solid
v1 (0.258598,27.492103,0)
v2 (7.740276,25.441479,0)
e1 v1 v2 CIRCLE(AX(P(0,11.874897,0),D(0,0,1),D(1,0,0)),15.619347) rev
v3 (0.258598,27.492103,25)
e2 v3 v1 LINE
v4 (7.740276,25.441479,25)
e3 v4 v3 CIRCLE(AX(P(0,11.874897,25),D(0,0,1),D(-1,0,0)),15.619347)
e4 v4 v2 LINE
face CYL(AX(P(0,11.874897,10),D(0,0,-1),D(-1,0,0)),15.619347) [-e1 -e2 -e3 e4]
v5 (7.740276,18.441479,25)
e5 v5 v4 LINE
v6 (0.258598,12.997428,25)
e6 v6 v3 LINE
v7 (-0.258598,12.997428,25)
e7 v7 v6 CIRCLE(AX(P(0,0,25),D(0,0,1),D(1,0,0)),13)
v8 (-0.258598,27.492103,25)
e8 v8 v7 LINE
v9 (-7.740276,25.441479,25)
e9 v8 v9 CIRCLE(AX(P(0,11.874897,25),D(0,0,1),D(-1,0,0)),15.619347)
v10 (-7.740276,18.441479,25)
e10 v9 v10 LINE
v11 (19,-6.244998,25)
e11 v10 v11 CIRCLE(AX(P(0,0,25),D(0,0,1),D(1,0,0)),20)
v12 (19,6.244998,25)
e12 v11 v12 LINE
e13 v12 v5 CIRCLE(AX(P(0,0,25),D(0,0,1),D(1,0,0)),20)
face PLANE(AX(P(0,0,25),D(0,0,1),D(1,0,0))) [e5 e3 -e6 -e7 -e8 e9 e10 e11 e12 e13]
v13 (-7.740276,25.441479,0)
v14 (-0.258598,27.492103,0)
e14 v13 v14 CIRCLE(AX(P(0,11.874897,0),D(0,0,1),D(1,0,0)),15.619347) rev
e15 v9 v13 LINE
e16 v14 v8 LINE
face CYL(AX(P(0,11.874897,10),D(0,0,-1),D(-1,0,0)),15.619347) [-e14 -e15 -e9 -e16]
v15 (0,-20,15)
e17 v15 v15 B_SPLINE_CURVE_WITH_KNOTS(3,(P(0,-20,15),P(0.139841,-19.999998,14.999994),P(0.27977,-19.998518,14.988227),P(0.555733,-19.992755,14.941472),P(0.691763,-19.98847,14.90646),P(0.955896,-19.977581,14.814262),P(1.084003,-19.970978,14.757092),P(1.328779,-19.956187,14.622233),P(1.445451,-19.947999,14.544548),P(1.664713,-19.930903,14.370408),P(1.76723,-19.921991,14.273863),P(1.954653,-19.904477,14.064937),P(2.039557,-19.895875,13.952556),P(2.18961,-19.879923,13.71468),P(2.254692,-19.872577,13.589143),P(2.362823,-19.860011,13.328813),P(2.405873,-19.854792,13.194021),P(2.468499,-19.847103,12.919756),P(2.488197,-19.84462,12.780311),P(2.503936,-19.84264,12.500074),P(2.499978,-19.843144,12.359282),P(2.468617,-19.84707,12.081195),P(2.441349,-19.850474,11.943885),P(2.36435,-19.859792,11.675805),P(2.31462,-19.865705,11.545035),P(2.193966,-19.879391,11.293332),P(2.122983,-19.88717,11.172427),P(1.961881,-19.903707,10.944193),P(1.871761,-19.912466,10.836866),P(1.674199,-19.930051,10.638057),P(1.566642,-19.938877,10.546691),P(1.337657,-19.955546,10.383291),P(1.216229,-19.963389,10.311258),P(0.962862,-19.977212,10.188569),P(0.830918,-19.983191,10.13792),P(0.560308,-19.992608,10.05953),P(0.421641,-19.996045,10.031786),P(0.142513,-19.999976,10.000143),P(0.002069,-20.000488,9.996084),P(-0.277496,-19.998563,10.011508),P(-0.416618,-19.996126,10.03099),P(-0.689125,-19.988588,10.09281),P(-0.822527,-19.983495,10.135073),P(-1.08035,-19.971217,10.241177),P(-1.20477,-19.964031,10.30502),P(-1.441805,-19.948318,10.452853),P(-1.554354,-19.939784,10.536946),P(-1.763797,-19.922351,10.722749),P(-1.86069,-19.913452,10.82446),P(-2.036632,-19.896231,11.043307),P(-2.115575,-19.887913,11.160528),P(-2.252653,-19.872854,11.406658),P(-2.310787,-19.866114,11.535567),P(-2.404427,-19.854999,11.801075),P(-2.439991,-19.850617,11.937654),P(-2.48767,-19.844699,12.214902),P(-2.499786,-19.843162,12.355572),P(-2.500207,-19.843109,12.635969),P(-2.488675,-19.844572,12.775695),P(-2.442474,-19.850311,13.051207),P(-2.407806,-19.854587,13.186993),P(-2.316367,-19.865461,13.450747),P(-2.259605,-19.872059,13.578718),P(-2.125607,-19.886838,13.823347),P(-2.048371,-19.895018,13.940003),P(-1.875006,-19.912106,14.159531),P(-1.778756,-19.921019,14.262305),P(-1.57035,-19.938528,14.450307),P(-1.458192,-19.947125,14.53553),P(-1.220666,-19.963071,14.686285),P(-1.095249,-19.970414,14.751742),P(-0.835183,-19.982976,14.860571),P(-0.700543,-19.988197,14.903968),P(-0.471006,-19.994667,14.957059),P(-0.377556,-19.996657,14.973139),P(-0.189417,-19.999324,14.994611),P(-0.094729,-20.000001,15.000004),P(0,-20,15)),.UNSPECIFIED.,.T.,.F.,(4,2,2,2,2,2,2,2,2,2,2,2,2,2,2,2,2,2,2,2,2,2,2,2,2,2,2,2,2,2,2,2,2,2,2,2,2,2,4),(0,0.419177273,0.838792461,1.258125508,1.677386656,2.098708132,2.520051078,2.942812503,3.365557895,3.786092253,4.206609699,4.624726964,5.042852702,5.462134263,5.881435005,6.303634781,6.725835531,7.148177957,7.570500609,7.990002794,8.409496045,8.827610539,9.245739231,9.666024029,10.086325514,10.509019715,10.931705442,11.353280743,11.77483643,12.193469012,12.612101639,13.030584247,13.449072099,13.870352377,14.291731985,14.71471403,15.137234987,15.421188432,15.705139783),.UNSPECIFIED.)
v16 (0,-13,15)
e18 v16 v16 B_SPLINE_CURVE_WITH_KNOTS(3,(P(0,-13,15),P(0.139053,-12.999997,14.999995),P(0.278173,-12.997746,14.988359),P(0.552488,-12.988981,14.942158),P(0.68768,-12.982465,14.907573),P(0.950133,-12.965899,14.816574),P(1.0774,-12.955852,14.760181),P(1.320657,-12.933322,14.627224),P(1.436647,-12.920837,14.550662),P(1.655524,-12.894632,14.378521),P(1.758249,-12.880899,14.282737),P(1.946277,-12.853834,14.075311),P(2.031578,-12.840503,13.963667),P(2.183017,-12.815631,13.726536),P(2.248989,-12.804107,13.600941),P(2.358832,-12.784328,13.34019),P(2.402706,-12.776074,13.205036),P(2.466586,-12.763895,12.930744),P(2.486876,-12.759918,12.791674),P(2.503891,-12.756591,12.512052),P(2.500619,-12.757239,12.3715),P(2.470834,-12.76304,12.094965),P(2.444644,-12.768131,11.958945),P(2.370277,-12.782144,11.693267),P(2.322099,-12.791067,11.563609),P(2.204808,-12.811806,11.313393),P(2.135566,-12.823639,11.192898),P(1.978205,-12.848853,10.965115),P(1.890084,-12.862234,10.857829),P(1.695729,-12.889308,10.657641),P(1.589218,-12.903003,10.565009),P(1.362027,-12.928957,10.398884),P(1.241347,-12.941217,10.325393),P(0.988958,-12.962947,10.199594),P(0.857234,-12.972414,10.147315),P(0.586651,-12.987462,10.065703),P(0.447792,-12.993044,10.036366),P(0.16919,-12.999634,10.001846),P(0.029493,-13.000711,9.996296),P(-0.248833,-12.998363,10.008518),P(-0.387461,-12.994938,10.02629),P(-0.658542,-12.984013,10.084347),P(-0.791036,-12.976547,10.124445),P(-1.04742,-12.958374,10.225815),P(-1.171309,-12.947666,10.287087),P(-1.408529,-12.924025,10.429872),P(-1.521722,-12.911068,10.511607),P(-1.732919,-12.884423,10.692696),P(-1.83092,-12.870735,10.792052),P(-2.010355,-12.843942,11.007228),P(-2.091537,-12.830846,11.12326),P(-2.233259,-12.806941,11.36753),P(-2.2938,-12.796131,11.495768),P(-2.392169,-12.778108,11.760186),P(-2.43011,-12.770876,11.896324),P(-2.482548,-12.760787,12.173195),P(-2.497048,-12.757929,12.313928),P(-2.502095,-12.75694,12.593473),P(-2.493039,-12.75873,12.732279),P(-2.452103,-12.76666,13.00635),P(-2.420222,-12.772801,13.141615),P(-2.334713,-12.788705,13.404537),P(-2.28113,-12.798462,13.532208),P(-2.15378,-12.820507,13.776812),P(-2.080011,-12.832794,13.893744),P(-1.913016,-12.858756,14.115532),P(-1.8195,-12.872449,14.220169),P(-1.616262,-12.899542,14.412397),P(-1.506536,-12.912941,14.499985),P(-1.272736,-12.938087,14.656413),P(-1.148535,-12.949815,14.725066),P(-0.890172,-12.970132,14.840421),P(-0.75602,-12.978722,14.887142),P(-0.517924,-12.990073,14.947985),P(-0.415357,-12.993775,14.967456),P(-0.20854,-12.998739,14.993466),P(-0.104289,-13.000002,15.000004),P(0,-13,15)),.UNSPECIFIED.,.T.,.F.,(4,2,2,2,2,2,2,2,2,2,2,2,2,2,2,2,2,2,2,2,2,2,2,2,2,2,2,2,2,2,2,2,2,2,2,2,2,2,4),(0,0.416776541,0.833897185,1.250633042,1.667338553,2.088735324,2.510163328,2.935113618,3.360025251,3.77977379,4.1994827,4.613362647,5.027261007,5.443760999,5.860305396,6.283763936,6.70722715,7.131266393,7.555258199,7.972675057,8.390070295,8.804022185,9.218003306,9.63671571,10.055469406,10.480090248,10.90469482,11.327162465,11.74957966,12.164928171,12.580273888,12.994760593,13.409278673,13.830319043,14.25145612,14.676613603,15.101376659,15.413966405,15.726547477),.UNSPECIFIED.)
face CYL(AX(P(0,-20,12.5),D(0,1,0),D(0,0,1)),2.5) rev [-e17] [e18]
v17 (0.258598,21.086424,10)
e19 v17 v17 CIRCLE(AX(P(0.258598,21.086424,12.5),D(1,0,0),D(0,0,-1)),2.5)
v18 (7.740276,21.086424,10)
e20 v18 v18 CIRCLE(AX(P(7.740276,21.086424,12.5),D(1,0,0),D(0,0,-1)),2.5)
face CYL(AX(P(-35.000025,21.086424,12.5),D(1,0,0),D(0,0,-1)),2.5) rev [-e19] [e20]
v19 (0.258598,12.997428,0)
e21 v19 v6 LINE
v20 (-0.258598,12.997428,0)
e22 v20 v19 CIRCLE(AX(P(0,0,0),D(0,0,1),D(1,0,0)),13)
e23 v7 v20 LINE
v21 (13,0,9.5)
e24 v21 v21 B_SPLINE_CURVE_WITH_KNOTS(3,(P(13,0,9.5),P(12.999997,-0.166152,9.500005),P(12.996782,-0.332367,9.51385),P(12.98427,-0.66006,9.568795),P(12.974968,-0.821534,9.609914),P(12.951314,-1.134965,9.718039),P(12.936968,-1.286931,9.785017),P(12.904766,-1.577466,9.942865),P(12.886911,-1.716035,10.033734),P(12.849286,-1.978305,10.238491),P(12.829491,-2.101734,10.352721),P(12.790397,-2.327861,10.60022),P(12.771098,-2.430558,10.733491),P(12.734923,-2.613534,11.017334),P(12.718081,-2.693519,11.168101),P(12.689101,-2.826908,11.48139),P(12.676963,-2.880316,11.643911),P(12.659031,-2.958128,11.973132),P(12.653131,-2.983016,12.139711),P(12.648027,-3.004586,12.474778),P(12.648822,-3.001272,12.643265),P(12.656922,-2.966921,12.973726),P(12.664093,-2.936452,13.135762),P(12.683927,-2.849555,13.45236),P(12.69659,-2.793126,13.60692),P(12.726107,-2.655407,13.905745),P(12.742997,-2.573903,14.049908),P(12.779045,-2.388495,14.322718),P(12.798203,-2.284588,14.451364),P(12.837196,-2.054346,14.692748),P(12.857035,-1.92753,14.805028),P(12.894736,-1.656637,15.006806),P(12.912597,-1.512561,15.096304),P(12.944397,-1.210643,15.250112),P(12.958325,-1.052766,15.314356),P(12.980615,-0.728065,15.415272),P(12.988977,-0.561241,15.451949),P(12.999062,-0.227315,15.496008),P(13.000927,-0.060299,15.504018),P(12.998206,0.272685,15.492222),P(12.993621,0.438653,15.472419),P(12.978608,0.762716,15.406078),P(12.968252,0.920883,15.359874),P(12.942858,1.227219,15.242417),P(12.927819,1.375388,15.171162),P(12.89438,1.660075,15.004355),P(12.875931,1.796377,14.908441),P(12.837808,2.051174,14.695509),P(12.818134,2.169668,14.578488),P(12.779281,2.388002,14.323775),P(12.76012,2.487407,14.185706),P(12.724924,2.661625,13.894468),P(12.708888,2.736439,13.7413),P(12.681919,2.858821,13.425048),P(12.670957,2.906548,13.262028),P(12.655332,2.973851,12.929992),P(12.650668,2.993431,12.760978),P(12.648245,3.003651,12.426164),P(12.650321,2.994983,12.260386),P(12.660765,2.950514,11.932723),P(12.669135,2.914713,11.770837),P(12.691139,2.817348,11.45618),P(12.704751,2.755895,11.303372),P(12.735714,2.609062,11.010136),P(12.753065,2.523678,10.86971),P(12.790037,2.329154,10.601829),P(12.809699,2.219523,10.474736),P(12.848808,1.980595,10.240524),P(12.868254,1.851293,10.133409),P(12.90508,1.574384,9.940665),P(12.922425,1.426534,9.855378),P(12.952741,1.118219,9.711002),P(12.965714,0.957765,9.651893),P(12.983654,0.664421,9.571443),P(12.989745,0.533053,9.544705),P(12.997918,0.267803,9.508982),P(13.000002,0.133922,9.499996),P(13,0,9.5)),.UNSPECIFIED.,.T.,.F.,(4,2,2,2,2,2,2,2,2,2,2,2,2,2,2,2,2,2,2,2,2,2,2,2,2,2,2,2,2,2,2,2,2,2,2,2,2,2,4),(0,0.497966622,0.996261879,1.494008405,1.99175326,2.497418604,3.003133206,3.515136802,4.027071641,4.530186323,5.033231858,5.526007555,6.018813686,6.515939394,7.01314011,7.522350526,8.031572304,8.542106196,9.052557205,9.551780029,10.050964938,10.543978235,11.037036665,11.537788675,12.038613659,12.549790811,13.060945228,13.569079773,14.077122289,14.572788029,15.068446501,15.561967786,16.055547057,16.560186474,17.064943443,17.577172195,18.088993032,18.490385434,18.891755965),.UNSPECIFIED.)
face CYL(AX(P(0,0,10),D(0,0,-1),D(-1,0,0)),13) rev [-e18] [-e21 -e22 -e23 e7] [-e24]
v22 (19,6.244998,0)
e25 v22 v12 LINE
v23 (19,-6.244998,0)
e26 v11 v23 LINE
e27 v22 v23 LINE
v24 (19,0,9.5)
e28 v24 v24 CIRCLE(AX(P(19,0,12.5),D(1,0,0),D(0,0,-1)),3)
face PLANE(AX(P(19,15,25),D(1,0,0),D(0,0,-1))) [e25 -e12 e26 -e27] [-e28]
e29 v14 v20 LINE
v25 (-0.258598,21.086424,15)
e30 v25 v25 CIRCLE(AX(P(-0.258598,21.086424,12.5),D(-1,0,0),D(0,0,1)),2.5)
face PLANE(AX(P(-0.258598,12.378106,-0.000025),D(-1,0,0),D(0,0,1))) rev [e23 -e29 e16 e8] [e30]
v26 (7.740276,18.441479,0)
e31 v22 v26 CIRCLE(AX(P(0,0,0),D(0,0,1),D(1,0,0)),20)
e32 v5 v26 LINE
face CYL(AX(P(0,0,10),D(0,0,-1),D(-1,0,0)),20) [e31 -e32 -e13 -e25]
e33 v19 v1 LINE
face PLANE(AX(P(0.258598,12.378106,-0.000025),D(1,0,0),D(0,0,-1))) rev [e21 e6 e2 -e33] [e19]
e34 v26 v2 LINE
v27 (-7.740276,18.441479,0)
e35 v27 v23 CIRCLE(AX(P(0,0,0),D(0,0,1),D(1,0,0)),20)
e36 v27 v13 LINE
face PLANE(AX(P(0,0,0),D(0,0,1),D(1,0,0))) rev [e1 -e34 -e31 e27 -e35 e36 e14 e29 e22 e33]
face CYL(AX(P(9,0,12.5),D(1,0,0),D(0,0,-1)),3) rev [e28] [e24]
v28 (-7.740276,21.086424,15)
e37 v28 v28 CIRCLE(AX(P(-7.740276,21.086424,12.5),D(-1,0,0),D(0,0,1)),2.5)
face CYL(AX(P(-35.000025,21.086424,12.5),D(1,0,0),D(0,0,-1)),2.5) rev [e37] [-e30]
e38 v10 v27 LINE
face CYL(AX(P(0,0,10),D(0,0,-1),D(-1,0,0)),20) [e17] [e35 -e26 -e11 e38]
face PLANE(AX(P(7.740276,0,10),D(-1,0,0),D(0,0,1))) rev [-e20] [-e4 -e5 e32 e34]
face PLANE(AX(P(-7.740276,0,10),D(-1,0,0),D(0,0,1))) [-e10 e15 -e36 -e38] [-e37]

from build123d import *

# Parameters (mm, degrees)
SKETCH_1_R          = 3.5
SKETCH_1_R_2        = 13
EXTRUDE_2_DEPTH     = 10
SKETCH_2_R          = 13
EXTRUDE_3_DEPTH     = 15
SKETCH_3_W          = 0.517195108
SKETCH_3_H          = 18.726193104
CUT_EXTRUDE_1_DEPTH = 26
SKETCH_4_R          = 2.5
CUT_EXTRUDE_2_DEPTH = 43.740275714
CUT_EXTRUDE_3_DEPTH = 11
SKETCH_6_R          = 2.5
CUT_EXTRUDE_4_DEPTH = 21
SKETCH_8_W          = 5
SKETCH_8_H          = 30
CUT_EXTRUDE_5_DEPTH = 26.0000001
SKETCH_9_R          = 3
CUT_EXTRUDE_6_DEPTH = 10


with BuildPart() as part:
    # 草图1 → 凸台-拉伸2 (new body)
    with BuildSketch(Plane.XY):
        with BuildLine():
            Line((-35, -7), (-7.740275714, -18.44147857))
            ThreePointArc((-7.740275714, -18.44147857), (0, -20), (7.740275714, -18.44147857))
            Line((7.740275714, -18.44147857), (35, -7))
            Line((35, -7), (35, 7))
            Line((35, 7), (7.740275714, 18.44147857))
            Line((7.740275714, 18.44147857), (7.740275714, 25.44147857))
            ThreePointArc((7.740275714, 25.44147857), (0, 27.494244152), (-7.740275714, 25.44147857))
            Line((-7.740275714, 25.44147857), (-7.740275714, 18.44147857))
            Line((-7.740275714, 18.44147857), (-35, 7))
            Line((-35, 7), (-35, -7))
        make_face()
        with Locations((-28, 0)):
            Circle(SKETCH_1_R, mode=Mode.SUBTRACT)
        Circle(SKETCH_1_R_2, mode=Mode.SUBTRACT)
        with Locations((28, 0)):
            Circle(SKETCH_1_R, mode=Mode.SUBTRACT)
    extrude(amount=EXTRUDE_2_DEPTH)

    # 草图2 → 凸台-拉伸3 (add)
    with BuildSketch(Plane.XY.offset(10)):
        with BuildLine():
            Line((-7.740275714, 18.44147857), (-7.740275714, 25.44147857))
            ThreePointArc((-7.740275714, 25.44147857), (0, 27.494244152), (7.740275714, 25.44147857))
            Line((7.740275714, 25.44147857), (7.740275714, 18.44147857))
            ThreePointArc((7.740275714, 18.44147857), (0, -20), (-7.740275714, 18.44147857))
        make_face()
        Circle(SKETCH_2_R, mode=Mode.SUBTRACT)
    extrude(amount=EXTRUDE_3_DEPTH)

    # 草图3 → 切除-拉伸1 (cut, through all)
    with BuildSketch(Plane.XY.offset(25)):
        with Locations((0, 21.741202931)):
            Rectangle(SKETCH_3_W, SKETCH_3_H)
    extrude(amount=-CUT_EXTRUDE_1_DEPTH, mode=Mode.SUBTRACT)

    # 草图4 → 切除-拉伸2 (cut, through all)
    with BuildSketch(Plane(origin=(7.740275714, 0, 0), x_dir=(0, 0, -1), z_dir=(1, 0, 0))):
        with Locations((-12.5, 21.086423576)):
            Circle(SKETCH_4_R)
    extrude(amount=-CUT_EXTRUDE_2_DEPTH, mode=Mode.SUBTRACT)

    # 草图5 → 切除-拉伸3 (cut, through all)
    with BuildSketch(Plane.XY.offset(10)):
        with BuildLine():
            Line((-7.740275714, 18.44147857), (-35, 7))
            Line((-35, 7), (-35, -7))
            Line((-35, -7), (-7.740275714, -18.44147857))
            ThreePointArc((-7.740275714, -18.44147857), (-20, 0), (-7.740275714, 18.44147857))
        make_face()
        with BuildLine():
            Line((7.740275714, 18.44147857), (35, 7))
            Line((35, 7), (35, -7))
            Line((35, -7), (7.740275714, -18.44147857))
            ThreePointArc((7.740275714, -18.44147857), (20, 0), (7.740275714, 18.44147857))
        make_face()
    extrude(amount=-CUT_EXTRUDE_3_DEPTH, mode=Mode.SUBTRACT)

    # 草图6 → 切除-拉伸4 (cut, through all)
    with BuildSketch(Plane(origin=(0, 0, 0), x_dir=(1, 0, 0), z_dir=(0, 1, 0))):
        with Locations((0, -12.5)):
            Circle(SKETCH_6_R)
    extrude(amount=-CUT_EXTRUDE_4_DEPTH, mode=Mode.SUBTRACT)

    # 草图8 → 切除-拉伸5 (cut, through all)
    with BuildSketch(Plane.XY):
        with Locations((21.5, 0)):
            Rectangle(SKETCH_8_W, SKETCH_8_H)
    extrude(amount=CUT_EXTRUDE_5_DEPTH, mode=Mode.SUBTRACT)

    # 草图9 → 切除-拉伸6 (cut)
    with BuildSketch(Plane(origin=(19, 0, 0), x_dir=(0, 0, -1), z_dir=(1, 0, 0))):
        with Locations((-12.5, 0)):
            Circle(SKETCH_9_R)
    extrude(amount=-CUT_EXTRUDE_6_DEPTH, mode=Mode.SUBTRACT)


solid = part.part
